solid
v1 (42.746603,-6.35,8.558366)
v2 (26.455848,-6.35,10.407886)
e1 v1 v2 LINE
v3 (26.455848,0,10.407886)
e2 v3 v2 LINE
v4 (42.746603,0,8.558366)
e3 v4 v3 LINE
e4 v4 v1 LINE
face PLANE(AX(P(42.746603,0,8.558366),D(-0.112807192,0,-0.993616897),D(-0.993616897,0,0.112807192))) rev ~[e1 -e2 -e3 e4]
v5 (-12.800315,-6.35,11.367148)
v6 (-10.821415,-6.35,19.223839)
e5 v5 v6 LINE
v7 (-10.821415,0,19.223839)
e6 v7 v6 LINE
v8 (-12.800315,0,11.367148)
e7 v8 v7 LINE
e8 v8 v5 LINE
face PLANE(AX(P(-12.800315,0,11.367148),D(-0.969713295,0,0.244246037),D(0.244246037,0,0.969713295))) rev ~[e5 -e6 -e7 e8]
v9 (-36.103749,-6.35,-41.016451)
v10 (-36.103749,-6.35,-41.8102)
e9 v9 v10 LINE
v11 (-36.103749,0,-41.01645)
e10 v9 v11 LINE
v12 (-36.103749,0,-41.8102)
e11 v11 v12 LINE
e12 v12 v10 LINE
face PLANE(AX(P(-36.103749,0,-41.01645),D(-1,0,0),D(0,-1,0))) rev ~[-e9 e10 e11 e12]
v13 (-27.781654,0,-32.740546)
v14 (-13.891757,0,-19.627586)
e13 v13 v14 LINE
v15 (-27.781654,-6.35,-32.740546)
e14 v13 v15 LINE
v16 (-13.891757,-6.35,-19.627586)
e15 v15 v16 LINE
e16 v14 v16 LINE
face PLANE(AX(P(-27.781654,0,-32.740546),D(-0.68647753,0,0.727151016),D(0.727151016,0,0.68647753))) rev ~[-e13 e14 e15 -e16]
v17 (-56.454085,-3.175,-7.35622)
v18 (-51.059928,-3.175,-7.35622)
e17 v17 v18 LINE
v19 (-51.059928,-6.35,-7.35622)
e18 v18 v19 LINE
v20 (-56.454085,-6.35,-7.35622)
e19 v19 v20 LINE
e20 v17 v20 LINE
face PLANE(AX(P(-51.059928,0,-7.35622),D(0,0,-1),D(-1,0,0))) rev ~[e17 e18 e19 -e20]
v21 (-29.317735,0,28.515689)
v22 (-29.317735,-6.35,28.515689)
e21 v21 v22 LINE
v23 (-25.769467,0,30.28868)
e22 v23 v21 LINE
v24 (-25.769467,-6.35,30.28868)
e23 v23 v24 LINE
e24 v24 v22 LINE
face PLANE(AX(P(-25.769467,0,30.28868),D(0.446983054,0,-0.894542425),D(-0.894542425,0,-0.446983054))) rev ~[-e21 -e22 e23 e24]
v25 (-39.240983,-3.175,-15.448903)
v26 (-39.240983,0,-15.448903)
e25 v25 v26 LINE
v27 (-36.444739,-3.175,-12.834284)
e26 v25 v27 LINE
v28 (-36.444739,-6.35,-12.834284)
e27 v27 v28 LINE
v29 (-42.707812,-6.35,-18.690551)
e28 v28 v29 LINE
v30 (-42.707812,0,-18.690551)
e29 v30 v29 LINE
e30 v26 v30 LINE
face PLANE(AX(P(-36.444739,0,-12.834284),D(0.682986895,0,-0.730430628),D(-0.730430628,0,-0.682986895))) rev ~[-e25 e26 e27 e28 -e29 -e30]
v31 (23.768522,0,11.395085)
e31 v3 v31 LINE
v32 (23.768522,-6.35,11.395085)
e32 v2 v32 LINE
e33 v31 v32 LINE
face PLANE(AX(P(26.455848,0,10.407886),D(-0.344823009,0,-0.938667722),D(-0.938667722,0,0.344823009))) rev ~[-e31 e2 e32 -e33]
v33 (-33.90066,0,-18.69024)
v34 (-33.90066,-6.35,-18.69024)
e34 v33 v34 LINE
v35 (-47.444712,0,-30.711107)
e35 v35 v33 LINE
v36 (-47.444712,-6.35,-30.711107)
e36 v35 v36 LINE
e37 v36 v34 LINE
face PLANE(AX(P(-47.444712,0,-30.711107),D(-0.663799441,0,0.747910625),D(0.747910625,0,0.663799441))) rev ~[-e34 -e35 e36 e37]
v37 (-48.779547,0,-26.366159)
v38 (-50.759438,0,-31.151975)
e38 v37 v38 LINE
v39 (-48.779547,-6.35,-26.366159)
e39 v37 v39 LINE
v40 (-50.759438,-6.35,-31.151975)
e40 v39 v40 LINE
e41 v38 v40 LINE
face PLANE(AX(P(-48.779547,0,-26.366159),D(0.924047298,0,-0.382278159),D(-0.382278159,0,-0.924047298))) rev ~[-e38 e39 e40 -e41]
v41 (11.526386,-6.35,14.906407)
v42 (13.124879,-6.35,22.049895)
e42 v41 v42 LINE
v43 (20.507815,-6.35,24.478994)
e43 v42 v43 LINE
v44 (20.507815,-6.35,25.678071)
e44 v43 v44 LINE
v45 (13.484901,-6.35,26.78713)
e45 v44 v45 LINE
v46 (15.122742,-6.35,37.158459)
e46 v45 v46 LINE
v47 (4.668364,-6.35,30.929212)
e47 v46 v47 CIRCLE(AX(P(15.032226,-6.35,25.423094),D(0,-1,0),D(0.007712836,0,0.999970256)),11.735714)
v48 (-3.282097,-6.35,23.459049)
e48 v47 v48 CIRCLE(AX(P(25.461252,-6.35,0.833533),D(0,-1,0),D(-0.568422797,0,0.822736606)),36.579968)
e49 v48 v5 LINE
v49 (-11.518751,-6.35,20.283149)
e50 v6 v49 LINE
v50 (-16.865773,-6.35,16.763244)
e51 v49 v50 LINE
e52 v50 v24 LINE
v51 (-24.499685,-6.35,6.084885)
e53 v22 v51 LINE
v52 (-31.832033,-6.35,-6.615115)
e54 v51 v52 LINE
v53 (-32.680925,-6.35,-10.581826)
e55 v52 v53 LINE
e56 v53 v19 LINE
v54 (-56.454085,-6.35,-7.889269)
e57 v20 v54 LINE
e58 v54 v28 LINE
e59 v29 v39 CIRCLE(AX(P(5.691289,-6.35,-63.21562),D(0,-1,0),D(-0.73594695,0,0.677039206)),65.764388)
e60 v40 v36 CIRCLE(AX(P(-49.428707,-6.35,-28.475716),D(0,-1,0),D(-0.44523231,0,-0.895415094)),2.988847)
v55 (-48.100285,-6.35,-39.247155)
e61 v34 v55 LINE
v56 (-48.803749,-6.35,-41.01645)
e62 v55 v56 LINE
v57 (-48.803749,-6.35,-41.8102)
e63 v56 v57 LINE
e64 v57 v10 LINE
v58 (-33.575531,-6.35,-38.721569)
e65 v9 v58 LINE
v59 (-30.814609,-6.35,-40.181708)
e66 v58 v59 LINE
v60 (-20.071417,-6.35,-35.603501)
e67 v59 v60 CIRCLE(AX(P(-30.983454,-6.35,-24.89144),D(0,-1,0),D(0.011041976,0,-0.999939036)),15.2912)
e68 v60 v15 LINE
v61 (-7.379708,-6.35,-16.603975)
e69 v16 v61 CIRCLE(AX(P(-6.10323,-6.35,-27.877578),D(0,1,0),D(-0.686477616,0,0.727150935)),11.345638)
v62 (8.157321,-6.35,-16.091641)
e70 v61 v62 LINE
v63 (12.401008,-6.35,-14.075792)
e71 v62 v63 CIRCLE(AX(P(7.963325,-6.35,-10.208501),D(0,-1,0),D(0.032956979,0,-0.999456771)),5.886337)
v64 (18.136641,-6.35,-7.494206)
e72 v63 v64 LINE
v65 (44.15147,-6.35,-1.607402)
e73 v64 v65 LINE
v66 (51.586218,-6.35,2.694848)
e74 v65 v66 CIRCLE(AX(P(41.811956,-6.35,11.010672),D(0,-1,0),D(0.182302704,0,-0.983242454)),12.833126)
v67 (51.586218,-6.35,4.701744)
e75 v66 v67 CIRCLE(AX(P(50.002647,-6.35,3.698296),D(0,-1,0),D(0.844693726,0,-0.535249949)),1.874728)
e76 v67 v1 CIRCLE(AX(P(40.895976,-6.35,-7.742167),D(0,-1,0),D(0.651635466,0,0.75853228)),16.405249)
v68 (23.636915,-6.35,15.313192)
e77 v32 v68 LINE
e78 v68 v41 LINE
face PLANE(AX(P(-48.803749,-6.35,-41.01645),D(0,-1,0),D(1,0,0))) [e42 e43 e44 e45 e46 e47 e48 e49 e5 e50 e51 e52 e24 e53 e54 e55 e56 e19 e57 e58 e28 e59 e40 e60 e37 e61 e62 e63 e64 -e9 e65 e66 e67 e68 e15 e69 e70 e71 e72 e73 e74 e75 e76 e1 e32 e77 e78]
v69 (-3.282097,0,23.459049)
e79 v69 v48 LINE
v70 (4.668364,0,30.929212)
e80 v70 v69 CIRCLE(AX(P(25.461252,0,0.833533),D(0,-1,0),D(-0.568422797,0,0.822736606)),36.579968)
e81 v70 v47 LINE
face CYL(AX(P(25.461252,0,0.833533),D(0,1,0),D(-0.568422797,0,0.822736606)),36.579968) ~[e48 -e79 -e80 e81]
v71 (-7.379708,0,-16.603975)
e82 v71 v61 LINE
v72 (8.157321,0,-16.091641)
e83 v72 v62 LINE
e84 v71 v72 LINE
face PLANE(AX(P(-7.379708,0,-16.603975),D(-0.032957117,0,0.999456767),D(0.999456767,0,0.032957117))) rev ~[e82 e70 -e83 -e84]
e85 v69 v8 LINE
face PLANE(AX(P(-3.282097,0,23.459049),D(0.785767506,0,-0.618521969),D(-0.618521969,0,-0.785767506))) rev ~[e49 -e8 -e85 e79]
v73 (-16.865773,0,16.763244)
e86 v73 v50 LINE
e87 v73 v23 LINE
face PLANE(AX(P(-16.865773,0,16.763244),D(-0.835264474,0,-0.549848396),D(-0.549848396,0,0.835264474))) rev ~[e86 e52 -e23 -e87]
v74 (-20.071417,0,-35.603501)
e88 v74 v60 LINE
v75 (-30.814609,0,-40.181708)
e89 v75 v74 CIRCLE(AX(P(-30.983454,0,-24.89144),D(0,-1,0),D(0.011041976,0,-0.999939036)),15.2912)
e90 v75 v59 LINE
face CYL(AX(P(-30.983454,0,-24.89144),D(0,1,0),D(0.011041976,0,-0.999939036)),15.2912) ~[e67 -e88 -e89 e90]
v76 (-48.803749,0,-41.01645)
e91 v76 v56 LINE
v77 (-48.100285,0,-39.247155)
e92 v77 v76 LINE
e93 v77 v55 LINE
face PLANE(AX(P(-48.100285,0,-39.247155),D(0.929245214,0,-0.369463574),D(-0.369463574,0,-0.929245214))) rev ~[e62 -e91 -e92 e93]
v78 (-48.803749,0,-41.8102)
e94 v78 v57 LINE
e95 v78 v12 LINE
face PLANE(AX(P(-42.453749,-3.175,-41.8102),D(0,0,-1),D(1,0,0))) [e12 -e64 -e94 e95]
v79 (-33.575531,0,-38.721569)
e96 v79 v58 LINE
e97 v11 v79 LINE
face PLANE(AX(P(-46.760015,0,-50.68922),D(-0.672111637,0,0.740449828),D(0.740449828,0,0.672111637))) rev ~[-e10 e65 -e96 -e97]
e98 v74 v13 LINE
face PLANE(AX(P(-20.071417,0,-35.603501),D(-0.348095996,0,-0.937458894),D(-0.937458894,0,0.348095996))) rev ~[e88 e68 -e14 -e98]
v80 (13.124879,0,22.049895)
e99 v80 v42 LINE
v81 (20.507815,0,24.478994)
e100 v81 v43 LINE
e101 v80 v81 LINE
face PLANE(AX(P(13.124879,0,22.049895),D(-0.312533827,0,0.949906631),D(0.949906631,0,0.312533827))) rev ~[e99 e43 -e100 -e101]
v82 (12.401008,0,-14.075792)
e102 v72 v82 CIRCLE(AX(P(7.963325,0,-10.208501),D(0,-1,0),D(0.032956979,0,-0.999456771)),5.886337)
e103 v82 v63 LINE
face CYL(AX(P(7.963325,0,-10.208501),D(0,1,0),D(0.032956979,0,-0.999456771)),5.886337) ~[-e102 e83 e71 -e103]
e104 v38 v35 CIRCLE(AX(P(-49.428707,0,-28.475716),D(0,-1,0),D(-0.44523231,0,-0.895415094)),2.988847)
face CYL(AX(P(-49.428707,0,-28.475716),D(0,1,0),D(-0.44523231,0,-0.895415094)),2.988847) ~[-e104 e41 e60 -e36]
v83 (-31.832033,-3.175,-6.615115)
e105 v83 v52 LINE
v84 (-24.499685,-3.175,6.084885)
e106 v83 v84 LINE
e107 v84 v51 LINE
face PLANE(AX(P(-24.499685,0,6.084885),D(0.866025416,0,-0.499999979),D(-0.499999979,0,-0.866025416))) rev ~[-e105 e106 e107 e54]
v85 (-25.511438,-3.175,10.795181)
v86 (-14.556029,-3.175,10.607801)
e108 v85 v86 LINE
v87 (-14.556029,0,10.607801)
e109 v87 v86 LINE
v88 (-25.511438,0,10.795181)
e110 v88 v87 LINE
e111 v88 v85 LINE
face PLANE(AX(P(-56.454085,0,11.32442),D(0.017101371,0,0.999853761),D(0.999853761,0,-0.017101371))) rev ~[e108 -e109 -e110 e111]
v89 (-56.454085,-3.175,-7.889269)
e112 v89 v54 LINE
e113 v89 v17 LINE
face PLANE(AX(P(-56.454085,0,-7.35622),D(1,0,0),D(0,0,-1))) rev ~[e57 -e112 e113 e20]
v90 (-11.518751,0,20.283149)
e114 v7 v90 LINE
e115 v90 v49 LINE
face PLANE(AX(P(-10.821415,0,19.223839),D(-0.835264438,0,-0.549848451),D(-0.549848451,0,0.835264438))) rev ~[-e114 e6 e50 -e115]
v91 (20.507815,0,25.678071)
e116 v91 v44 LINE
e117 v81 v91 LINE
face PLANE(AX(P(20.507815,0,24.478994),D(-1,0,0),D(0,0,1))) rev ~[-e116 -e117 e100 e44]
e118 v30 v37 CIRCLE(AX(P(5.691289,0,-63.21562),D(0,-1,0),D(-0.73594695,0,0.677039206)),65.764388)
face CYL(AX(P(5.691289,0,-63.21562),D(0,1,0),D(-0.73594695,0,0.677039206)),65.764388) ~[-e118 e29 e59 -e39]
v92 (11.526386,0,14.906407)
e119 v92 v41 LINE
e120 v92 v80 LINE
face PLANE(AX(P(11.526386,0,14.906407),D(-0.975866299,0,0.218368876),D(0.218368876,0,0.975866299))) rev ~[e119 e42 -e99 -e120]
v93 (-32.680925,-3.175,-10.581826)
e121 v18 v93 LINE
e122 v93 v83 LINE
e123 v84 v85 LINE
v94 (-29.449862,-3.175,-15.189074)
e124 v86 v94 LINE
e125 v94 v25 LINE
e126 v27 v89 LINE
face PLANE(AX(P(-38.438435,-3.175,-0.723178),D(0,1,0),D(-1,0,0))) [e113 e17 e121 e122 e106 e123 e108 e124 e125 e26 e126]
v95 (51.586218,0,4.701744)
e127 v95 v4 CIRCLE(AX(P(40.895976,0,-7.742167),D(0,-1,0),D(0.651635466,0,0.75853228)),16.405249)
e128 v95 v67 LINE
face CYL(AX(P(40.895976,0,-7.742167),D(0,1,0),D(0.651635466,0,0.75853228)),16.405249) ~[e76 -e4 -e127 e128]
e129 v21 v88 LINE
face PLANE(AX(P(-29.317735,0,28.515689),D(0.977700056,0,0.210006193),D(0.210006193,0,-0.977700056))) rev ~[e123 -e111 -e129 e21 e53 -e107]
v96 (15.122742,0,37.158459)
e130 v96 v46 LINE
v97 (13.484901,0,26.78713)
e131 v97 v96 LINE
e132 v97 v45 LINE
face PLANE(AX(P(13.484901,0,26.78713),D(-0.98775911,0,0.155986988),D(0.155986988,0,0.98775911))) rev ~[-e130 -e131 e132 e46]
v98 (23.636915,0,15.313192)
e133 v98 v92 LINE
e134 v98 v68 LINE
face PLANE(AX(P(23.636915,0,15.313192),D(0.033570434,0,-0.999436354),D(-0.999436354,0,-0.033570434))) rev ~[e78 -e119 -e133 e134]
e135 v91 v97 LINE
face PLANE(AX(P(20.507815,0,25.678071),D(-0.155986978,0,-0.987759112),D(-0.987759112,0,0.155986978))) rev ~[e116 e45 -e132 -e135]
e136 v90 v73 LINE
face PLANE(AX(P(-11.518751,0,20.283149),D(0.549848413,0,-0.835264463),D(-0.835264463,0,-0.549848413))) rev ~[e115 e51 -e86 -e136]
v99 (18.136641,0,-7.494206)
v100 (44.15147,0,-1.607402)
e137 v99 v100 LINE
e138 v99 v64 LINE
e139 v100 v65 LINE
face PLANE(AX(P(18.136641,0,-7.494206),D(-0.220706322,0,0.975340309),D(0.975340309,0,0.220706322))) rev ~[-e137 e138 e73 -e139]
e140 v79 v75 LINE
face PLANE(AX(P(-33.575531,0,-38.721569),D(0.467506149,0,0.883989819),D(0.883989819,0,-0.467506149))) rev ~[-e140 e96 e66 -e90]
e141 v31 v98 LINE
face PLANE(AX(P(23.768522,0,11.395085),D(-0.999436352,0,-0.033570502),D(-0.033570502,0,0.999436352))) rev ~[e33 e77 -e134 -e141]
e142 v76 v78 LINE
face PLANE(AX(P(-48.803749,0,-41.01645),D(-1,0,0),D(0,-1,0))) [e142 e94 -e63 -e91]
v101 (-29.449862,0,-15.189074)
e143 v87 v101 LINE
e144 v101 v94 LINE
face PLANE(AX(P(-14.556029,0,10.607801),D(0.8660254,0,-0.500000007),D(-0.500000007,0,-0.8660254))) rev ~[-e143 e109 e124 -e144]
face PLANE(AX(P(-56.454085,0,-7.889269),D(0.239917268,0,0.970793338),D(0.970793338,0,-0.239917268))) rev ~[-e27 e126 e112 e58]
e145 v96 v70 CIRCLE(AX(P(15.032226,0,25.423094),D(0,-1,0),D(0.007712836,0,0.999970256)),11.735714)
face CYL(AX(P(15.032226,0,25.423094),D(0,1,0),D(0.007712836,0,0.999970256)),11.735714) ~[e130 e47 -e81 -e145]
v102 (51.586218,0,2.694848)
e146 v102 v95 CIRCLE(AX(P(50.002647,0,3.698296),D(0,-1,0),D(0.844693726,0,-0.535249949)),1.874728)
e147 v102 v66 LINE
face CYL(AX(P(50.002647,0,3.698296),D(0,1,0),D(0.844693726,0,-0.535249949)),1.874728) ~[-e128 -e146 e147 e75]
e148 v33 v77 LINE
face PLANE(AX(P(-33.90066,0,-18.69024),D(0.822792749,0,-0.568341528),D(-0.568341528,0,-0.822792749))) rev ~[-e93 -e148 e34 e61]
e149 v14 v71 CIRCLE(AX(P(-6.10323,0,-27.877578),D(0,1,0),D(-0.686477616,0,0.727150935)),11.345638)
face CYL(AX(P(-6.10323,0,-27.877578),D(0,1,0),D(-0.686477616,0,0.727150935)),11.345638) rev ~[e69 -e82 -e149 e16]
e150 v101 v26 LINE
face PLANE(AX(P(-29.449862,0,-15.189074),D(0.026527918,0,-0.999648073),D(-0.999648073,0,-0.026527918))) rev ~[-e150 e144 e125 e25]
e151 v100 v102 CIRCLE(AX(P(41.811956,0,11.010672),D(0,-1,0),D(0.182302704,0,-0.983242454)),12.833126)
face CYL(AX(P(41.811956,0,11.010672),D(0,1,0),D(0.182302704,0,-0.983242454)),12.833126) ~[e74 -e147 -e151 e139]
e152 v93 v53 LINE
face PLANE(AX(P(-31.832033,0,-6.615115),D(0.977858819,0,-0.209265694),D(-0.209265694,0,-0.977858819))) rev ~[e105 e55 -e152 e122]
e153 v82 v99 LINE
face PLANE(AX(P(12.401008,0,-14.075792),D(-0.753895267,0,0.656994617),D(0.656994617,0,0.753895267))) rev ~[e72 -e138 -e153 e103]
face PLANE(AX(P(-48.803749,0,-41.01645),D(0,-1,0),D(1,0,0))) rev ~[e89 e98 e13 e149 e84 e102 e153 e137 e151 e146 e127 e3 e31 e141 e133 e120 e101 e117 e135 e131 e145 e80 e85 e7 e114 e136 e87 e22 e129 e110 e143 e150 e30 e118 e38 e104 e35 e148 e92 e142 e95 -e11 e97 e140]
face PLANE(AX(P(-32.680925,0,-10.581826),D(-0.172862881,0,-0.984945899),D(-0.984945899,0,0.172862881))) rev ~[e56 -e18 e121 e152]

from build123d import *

# Parameters (mm, degrees)
F1_DEPTH = 6.35
F3_DEPTH = 6.351
F5_DEPTH = 3.175
F6_W     = 12.7
F6_H     = 6.35
F7_DEPTH = 0.79375


with BuildPart() as f1:
    # F0 (on Front) → F1 (new body)
    with BuildSketch(Plane.XZ):
        with BuildLine():
            Line((-24.499685, 6.084885), (-31.832033, -6.615115))
            Line((-31.832033, -6.615115), (-32.680925, -10.581826))
            Line((-32.680925, -10.581826), (-51.059928, -7.35622))
            Line((-51.059928, -7.35622), (-56.454085, -7.35622))
            Line((-56.454085, -7.35622), (-56.454085, -7.889269))
            Line((-56.454085, -7.889269), (-36.444739, -12.834284))
            Line((-36.444739, -12.834284), (-42.707812, -18.690551))
            ThreePointArc((-42.707812, -18.690551), (-45.886659, -22.415252), (-48.779547, -26.366159))
            Line((-48.779547, -26.366159), (-50.759438, -31.151975))
            ThreePointArc((-50.759438, -31.151975), (-49.034652, -31.438473), (-47.444712, -30.711107))
            Line((-47.444712, -30.711107), (-33.90066, -18.69024))
            Line((-33.90066, -18.69024), (-48.100285, -39.247155))
            Line((-48.100285, -39.247155), (-52.266728, -49.726259))
            Line((-52.266728, -49.726259), (-49.289104, -51.483847))
            ThreePointArc((-49.289104, -51.483847), (-47.937249, -51.364421), (-46.760015, -50.68922))
            Line((-46.760015, -50.68922), (-33.575531, -38.721569))
            Line((-33.575531, -38.721569), (-30.814609, -40.181708))
            ThreePointArc((-30.814609, -40.181708), (-24.988749, -38.958576), (-20.071417, -35.603501))
            Line((-20.071417, -35.603501), (-27.781654, -32.740546))
            Line((-27.781654, -32.740546), (-13.891757, -19.627586))
            ThreePointArc((-13.891757, -19.627586), (-10.881214, -17.587078), (-7.379708, -16.603975))
            Line((-7.379708, -16.603975), (8.157321, -16.091641))
            ThreePointArc((8.157321, -16.091641), (10.488998, -15.52545), (12.401008, -14.075792))
            Line((12.401008, -14.075792), (18.136641, -7.494206))
            Line((18.136641, -7.494206), (44.15147, -1.607402))
            ThreePointArc((44.15147, -1.607402), (48.239493, -0.096798), (51.586218, 2.694848))
            ThreePointArc((51.586218, 2.694848), (51.877375, 3.698296), (51.586218, 4.701744))
            ThreePointArc((51.586218, 4.701744), (47.456215, 7.294304), (42.746603, 8.558366))
            Line((42.746603, 8.558366), (26.455848, 10.407886))
            Line((26.455848, 10.407886), (23.768522, 11.395085))
            Line((23.768522, 11.395085), (23.636915, 15.313192))
            Line((23.636915, 15.313192), (11.526386, 14.906407))
            Line((11.526386, 14.906407), (13.124879, 22.049895))
            Line((13.124879, 22.049895), (20.507815, 24.478994))
            Line((20.507815, 24.478994), (20.507815, 25.678071))
            Line((20.507815, 25.678071), (13.484901, 26.78713))
            Line((13.484901, 26.78713), (15.122742, 37.158459))
            ThreePointArc((15.122742, 37.158459), (9.02504, 35.504795), (4.668364, 30.929212))
            ThreePointArc((4.668364, 30.929212), (0.413088, 27.492182), (-3.282097, 23.459049))
            Line((-3.282097, 23.459049), (-12.800315, 11.367148))
            Line((-12.800315, 11.367148), (-10.821415, 19.223839))
            Line((-10.821415, 19.223839), (-11.518751, 20.283149))
            Line((-11.518751, 20.283149), (-16.865773, 16.763244))
            Line((-16.865773, 16.763244), (-25.769467, 30.28868))
            Line((-25.769467, 30.28868), (-29.317735, 28.515689))
            Line((-29.317735, 28.515689), (-24.499685, 6.084885))
        make_face()
    extrude(amount=F1_DEPTH)

    # F2 (on face) → F3 (cut, through all)
    with BuildSketch(Plane.XZ.offset(6.35)):
        Polygon((-36.103749, -51.509792), (-36.103749, -41.01645), (-48.803749, -41.01645), (-61.503749, -41.01645), (-61.503749, -51.509792), align=None)
    extrude(amount=-F3_DEPTH, mode=Mode.SUBTRACT)

    # F4 (on face) → F5 (cut)
    with BuildSketch(Plane(origin=(0, 0, 0), x_dir=(-1, 0, 0), z_dir=(0, 1, 0))):
        Polygon((56.454085, 11.32442), (14.556029, 10.607801), (29.449862, -15.189074), (56.454085, -15.905692), align=None)
    extrude(amount=-F5_DEPTH, mode=Mode.SUBTRACT)

    # F6 (on face) → F7 (join)
    with BuildSketch(Plane(origin=(0, 0, -41.01645), x_dir=(1, 0, 0), z_dir=(0, 0, -1))):
        with Locations((-42.453749, 3.175)):
            Rectangle(F6_W, F6_H)
    extrude(amount=F7_DEPTH)


solid = f1.part
